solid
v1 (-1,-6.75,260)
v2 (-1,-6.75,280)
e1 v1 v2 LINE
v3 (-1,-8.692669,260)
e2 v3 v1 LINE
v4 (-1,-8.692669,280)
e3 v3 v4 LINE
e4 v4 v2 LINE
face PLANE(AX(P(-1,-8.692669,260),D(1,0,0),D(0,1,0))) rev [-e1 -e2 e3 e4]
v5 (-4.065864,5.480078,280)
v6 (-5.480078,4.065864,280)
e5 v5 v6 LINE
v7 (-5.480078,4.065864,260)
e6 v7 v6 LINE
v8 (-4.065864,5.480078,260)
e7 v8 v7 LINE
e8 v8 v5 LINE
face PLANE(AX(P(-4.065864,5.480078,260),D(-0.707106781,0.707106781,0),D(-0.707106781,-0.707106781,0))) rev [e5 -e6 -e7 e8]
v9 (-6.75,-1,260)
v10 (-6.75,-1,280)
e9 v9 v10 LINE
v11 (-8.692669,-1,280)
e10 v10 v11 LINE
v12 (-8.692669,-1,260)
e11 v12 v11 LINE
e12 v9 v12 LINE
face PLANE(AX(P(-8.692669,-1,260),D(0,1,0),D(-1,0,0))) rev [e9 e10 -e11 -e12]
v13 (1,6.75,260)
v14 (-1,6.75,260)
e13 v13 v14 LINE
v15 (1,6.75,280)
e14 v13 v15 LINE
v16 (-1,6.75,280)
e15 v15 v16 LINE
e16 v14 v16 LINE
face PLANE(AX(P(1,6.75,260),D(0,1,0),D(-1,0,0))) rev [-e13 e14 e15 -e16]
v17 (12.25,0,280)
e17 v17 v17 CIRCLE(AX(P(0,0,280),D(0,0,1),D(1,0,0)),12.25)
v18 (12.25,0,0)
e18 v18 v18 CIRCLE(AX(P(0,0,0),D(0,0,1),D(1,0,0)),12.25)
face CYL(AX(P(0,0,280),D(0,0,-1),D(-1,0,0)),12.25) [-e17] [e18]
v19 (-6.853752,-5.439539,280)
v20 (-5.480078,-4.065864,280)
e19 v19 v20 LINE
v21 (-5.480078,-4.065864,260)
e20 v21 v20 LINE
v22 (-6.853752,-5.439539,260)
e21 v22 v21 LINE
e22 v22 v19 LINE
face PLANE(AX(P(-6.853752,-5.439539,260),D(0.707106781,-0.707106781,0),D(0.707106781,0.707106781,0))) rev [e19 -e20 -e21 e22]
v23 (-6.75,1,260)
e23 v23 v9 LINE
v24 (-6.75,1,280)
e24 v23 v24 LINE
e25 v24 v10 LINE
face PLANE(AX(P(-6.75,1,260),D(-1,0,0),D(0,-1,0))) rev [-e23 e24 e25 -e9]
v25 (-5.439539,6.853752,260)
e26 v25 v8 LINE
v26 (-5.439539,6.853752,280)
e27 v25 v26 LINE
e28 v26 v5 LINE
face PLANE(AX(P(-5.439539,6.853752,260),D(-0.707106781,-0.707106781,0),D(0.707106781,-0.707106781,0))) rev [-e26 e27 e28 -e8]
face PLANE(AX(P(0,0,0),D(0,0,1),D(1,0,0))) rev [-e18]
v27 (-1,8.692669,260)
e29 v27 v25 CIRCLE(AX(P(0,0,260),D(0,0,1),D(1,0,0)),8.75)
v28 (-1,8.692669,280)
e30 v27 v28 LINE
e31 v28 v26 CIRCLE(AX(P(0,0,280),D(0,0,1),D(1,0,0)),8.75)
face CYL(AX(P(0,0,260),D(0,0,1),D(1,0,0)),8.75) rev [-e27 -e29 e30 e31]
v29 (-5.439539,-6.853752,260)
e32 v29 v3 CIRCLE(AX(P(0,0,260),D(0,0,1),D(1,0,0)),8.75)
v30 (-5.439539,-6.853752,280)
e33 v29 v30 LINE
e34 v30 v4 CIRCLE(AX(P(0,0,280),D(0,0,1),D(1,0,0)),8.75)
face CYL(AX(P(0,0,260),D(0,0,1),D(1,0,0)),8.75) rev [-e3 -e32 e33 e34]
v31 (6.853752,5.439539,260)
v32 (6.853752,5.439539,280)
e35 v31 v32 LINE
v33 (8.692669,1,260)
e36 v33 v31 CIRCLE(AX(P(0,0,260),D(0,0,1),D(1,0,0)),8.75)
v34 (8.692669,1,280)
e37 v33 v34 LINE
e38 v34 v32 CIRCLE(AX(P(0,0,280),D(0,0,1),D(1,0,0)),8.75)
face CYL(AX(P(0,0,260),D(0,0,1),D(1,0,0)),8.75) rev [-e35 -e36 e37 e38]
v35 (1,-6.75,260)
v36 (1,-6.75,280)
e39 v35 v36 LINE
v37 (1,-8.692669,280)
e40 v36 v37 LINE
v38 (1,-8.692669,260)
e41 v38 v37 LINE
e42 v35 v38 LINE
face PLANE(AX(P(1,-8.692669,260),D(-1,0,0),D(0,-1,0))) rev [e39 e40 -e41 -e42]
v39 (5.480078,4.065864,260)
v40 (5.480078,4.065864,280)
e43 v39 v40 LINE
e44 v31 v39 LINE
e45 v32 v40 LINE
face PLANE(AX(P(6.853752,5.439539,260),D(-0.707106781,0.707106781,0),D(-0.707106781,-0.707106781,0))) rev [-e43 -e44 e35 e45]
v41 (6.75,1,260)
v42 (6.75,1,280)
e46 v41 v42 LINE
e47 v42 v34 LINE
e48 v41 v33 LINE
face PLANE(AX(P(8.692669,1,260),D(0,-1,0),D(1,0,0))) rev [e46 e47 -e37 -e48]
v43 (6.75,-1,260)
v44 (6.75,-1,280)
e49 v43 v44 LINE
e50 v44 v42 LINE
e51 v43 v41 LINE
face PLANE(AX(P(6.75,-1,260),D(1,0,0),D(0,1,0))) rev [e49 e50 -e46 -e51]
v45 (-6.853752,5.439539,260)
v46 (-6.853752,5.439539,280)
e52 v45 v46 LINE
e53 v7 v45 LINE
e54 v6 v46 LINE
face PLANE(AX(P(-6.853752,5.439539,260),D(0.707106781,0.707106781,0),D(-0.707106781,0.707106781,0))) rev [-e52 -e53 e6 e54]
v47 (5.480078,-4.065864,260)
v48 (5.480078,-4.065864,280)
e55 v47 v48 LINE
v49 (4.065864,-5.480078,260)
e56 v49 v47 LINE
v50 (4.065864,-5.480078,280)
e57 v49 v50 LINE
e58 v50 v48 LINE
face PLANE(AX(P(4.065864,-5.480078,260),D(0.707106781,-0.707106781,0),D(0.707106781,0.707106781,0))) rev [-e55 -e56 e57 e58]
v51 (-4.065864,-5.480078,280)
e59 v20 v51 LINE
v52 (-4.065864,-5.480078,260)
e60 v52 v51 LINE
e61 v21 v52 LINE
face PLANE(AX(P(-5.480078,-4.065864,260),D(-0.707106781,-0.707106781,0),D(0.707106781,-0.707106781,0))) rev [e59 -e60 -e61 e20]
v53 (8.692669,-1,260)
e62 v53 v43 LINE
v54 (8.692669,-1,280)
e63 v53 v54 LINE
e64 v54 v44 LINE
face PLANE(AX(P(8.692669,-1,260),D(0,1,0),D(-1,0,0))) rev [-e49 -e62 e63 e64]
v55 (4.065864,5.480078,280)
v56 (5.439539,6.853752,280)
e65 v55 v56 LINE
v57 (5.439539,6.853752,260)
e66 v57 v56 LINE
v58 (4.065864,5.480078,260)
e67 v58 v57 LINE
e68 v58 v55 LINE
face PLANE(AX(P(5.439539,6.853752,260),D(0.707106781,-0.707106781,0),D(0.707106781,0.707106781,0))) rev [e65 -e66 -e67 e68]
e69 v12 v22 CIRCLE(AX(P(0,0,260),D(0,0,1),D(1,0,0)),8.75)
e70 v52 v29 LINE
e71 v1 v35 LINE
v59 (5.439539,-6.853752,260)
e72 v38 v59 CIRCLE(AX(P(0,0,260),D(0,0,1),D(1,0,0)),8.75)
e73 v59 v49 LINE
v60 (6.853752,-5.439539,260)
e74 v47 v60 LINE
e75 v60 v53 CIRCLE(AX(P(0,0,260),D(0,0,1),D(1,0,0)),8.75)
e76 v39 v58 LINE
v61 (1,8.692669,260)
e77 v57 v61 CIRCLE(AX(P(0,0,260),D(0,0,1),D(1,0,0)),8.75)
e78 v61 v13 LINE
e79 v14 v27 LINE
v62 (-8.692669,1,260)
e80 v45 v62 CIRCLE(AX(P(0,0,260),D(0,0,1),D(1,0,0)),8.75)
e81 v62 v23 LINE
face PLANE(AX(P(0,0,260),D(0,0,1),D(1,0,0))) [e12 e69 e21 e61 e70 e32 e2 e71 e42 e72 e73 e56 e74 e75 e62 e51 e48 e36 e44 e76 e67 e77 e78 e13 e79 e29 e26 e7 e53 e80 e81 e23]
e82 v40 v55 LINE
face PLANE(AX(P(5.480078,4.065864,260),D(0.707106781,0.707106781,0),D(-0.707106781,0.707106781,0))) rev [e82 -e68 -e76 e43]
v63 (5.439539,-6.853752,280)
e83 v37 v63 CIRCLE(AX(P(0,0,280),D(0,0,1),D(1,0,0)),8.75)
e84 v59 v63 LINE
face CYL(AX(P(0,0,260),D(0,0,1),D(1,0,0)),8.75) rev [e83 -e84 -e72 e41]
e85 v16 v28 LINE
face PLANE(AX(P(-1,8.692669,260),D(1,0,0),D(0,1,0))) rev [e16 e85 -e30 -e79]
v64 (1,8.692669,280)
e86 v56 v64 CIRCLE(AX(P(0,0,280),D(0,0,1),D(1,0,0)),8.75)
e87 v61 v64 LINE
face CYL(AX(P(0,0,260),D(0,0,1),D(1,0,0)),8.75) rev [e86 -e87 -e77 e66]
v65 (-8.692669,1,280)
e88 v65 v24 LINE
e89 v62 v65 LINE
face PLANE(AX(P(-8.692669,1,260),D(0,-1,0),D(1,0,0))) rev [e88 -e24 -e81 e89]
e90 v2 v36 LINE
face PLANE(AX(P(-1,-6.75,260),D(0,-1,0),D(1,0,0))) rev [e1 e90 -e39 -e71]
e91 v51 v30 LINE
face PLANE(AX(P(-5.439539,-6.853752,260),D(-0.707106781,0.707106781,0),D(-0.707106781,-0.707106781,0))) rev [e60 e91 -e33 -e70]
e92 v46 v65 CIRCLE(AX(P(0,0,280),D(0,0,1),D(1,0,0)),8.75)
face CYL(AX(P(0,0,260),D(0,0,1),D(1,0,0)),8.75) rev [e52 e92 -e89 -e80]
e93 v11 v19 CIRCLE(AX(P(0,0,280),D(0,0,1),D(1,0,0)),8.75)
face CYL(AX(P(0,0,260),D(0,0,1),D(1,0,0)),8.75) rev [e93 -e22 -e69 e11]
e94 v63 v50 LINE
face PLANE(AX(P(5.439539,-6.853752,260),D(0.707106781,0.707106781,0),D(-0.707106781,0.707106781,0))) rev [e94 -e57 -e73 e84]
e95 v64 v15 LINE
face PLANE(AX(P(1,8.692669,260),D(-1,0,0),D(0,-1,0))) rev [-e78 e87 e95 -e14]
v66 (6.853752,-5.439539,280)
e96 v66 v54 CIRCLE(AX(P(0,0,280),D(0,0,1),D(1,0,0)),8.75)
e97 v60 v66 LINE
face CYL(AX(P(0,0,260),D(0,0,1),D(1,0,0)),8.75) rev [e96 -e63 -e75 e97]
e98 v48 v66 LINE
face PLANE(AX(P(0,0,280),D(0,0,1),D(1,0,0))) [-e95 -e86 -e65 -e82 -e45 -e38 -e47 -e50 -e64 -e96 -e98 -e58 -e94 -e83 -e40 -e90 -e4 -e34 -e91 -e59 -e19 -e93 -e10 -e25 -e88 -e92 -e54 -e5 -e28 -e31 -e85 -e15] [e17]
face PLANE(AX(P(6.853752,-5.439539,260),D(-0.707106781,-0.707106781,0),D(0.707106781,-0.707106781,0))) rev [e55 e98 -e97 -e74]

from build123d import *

# Parameters (mm, degrees)
SKETCH1_R           = 12.25
BOSS_EXTRUDE1_DEPTH = 280
CUT_EXTRUDE1_DEPTH  = 20


with BuildPart() as part:
    # Sketch1 → Boss-Extrude1 (new body)
    with BuildSketch(Plane.XY):
        Circle(SKETCH1_R)
    extrude(amount=BOSS_EXTRUDE1_DEPTH)

    # Sketch2 → Cut-Extrude1 (cut)
    with BuildSketch(Plane.XY.offset(280)):
        with BuildLine():
            Line((1, 6.75), (-1, 6.75))
            Line((-1, 6.75), (-1, 8.692669325))
            ThreePointArc((-1, 8.692669325), (-3.348480033, 8.083945909), (-5.439538645, 6.853752208))
            Line((-5.439538645, 6.853752208), (-4.065863992, 5.480077554))
            Line((-4.065863992, 5.480077554), (-5.480077554, 4.065863992))
            Line((-5.480077554, 4.065863992), (-6.853752208, 5.439538645))
            ThreePointArc((-6.853752208, 5.439538645), (-8.083945909, 3.348480033), (-8.692669325, 1))
            Line((-8.692669325, 1), (-6.75, 1))
            Line((-6.75, 1), (-6.75, -1))
            Line((-6.75, -1), (-8.692669325, -1))
            ThreePointArc((-8.692669325, -1), (-8.083945909, -3.348480033), (-6.853752208, -5.439538645))
            Line((-6.853752208, -5.439538645), (-5.480077554, -4.065863992))
            Line((-5.480077554, -4.065863992), (-4.065863992, -5.480077554))
            Line((-4.065863992, -5.480077554), (-5.439538645, -6.853752208))
            ThreePointArc((-5.439538645, -6.853752208), (-3.348480033, -8.083945909), (-1, -8.692669325))
            Line((-1, -8.692669325), (-1, -6.75))
            Line((-1, -6.75), (1, -6.75))
            Line((1, -6.75), (1, -8.692669325))
            ThreePointArc((1, -8.692669325), (3.348480033, -8.083945909), (5.439538645, -6.853752208))
            Line((5.439538645, -6.853752208), (4.065863992, -5.480077554))
            Line((4.065863992, -5.480077554), (5.480077554, -4.065863992))
            Line((5.480077554, -4.065863992), (6.853752208, -5.439538645))
            ThreePointArc((6.853752208, -5.439538645), (8.083945909, -3.348480033), (8.692669325, -1))
            Line((8.692669325, -1), (6.75, -1))
            Line((6.75, -1), (6.75, 1))
            Line((6.75, 1), (8.692669325, 1))
            ThreePointArc((8.692669325, 1), (8.083945909, 3.348480033), (6.853752208, 5.439538645))
            Line((6.853752208, 5.439538645), (5.480077554, 4.065863992))
            Line((5.480077554, 4.065863992), (4.065863992, 5.480077554))
            Line((4.065863992, 5.480077554), (5.439538645, 6.853752208))
            ThreePointArc((5.439538645, 6.853752208), (3.348480033, 8.083945909), (1, 8.692669325))
            Line((1, 8.692669325), (1, 6.75))
        make_face()
    extrude(amount=-CUT_EXTRUDE1_DEPTH, mode=Mode.SUBTRACT)


solid = part.part
